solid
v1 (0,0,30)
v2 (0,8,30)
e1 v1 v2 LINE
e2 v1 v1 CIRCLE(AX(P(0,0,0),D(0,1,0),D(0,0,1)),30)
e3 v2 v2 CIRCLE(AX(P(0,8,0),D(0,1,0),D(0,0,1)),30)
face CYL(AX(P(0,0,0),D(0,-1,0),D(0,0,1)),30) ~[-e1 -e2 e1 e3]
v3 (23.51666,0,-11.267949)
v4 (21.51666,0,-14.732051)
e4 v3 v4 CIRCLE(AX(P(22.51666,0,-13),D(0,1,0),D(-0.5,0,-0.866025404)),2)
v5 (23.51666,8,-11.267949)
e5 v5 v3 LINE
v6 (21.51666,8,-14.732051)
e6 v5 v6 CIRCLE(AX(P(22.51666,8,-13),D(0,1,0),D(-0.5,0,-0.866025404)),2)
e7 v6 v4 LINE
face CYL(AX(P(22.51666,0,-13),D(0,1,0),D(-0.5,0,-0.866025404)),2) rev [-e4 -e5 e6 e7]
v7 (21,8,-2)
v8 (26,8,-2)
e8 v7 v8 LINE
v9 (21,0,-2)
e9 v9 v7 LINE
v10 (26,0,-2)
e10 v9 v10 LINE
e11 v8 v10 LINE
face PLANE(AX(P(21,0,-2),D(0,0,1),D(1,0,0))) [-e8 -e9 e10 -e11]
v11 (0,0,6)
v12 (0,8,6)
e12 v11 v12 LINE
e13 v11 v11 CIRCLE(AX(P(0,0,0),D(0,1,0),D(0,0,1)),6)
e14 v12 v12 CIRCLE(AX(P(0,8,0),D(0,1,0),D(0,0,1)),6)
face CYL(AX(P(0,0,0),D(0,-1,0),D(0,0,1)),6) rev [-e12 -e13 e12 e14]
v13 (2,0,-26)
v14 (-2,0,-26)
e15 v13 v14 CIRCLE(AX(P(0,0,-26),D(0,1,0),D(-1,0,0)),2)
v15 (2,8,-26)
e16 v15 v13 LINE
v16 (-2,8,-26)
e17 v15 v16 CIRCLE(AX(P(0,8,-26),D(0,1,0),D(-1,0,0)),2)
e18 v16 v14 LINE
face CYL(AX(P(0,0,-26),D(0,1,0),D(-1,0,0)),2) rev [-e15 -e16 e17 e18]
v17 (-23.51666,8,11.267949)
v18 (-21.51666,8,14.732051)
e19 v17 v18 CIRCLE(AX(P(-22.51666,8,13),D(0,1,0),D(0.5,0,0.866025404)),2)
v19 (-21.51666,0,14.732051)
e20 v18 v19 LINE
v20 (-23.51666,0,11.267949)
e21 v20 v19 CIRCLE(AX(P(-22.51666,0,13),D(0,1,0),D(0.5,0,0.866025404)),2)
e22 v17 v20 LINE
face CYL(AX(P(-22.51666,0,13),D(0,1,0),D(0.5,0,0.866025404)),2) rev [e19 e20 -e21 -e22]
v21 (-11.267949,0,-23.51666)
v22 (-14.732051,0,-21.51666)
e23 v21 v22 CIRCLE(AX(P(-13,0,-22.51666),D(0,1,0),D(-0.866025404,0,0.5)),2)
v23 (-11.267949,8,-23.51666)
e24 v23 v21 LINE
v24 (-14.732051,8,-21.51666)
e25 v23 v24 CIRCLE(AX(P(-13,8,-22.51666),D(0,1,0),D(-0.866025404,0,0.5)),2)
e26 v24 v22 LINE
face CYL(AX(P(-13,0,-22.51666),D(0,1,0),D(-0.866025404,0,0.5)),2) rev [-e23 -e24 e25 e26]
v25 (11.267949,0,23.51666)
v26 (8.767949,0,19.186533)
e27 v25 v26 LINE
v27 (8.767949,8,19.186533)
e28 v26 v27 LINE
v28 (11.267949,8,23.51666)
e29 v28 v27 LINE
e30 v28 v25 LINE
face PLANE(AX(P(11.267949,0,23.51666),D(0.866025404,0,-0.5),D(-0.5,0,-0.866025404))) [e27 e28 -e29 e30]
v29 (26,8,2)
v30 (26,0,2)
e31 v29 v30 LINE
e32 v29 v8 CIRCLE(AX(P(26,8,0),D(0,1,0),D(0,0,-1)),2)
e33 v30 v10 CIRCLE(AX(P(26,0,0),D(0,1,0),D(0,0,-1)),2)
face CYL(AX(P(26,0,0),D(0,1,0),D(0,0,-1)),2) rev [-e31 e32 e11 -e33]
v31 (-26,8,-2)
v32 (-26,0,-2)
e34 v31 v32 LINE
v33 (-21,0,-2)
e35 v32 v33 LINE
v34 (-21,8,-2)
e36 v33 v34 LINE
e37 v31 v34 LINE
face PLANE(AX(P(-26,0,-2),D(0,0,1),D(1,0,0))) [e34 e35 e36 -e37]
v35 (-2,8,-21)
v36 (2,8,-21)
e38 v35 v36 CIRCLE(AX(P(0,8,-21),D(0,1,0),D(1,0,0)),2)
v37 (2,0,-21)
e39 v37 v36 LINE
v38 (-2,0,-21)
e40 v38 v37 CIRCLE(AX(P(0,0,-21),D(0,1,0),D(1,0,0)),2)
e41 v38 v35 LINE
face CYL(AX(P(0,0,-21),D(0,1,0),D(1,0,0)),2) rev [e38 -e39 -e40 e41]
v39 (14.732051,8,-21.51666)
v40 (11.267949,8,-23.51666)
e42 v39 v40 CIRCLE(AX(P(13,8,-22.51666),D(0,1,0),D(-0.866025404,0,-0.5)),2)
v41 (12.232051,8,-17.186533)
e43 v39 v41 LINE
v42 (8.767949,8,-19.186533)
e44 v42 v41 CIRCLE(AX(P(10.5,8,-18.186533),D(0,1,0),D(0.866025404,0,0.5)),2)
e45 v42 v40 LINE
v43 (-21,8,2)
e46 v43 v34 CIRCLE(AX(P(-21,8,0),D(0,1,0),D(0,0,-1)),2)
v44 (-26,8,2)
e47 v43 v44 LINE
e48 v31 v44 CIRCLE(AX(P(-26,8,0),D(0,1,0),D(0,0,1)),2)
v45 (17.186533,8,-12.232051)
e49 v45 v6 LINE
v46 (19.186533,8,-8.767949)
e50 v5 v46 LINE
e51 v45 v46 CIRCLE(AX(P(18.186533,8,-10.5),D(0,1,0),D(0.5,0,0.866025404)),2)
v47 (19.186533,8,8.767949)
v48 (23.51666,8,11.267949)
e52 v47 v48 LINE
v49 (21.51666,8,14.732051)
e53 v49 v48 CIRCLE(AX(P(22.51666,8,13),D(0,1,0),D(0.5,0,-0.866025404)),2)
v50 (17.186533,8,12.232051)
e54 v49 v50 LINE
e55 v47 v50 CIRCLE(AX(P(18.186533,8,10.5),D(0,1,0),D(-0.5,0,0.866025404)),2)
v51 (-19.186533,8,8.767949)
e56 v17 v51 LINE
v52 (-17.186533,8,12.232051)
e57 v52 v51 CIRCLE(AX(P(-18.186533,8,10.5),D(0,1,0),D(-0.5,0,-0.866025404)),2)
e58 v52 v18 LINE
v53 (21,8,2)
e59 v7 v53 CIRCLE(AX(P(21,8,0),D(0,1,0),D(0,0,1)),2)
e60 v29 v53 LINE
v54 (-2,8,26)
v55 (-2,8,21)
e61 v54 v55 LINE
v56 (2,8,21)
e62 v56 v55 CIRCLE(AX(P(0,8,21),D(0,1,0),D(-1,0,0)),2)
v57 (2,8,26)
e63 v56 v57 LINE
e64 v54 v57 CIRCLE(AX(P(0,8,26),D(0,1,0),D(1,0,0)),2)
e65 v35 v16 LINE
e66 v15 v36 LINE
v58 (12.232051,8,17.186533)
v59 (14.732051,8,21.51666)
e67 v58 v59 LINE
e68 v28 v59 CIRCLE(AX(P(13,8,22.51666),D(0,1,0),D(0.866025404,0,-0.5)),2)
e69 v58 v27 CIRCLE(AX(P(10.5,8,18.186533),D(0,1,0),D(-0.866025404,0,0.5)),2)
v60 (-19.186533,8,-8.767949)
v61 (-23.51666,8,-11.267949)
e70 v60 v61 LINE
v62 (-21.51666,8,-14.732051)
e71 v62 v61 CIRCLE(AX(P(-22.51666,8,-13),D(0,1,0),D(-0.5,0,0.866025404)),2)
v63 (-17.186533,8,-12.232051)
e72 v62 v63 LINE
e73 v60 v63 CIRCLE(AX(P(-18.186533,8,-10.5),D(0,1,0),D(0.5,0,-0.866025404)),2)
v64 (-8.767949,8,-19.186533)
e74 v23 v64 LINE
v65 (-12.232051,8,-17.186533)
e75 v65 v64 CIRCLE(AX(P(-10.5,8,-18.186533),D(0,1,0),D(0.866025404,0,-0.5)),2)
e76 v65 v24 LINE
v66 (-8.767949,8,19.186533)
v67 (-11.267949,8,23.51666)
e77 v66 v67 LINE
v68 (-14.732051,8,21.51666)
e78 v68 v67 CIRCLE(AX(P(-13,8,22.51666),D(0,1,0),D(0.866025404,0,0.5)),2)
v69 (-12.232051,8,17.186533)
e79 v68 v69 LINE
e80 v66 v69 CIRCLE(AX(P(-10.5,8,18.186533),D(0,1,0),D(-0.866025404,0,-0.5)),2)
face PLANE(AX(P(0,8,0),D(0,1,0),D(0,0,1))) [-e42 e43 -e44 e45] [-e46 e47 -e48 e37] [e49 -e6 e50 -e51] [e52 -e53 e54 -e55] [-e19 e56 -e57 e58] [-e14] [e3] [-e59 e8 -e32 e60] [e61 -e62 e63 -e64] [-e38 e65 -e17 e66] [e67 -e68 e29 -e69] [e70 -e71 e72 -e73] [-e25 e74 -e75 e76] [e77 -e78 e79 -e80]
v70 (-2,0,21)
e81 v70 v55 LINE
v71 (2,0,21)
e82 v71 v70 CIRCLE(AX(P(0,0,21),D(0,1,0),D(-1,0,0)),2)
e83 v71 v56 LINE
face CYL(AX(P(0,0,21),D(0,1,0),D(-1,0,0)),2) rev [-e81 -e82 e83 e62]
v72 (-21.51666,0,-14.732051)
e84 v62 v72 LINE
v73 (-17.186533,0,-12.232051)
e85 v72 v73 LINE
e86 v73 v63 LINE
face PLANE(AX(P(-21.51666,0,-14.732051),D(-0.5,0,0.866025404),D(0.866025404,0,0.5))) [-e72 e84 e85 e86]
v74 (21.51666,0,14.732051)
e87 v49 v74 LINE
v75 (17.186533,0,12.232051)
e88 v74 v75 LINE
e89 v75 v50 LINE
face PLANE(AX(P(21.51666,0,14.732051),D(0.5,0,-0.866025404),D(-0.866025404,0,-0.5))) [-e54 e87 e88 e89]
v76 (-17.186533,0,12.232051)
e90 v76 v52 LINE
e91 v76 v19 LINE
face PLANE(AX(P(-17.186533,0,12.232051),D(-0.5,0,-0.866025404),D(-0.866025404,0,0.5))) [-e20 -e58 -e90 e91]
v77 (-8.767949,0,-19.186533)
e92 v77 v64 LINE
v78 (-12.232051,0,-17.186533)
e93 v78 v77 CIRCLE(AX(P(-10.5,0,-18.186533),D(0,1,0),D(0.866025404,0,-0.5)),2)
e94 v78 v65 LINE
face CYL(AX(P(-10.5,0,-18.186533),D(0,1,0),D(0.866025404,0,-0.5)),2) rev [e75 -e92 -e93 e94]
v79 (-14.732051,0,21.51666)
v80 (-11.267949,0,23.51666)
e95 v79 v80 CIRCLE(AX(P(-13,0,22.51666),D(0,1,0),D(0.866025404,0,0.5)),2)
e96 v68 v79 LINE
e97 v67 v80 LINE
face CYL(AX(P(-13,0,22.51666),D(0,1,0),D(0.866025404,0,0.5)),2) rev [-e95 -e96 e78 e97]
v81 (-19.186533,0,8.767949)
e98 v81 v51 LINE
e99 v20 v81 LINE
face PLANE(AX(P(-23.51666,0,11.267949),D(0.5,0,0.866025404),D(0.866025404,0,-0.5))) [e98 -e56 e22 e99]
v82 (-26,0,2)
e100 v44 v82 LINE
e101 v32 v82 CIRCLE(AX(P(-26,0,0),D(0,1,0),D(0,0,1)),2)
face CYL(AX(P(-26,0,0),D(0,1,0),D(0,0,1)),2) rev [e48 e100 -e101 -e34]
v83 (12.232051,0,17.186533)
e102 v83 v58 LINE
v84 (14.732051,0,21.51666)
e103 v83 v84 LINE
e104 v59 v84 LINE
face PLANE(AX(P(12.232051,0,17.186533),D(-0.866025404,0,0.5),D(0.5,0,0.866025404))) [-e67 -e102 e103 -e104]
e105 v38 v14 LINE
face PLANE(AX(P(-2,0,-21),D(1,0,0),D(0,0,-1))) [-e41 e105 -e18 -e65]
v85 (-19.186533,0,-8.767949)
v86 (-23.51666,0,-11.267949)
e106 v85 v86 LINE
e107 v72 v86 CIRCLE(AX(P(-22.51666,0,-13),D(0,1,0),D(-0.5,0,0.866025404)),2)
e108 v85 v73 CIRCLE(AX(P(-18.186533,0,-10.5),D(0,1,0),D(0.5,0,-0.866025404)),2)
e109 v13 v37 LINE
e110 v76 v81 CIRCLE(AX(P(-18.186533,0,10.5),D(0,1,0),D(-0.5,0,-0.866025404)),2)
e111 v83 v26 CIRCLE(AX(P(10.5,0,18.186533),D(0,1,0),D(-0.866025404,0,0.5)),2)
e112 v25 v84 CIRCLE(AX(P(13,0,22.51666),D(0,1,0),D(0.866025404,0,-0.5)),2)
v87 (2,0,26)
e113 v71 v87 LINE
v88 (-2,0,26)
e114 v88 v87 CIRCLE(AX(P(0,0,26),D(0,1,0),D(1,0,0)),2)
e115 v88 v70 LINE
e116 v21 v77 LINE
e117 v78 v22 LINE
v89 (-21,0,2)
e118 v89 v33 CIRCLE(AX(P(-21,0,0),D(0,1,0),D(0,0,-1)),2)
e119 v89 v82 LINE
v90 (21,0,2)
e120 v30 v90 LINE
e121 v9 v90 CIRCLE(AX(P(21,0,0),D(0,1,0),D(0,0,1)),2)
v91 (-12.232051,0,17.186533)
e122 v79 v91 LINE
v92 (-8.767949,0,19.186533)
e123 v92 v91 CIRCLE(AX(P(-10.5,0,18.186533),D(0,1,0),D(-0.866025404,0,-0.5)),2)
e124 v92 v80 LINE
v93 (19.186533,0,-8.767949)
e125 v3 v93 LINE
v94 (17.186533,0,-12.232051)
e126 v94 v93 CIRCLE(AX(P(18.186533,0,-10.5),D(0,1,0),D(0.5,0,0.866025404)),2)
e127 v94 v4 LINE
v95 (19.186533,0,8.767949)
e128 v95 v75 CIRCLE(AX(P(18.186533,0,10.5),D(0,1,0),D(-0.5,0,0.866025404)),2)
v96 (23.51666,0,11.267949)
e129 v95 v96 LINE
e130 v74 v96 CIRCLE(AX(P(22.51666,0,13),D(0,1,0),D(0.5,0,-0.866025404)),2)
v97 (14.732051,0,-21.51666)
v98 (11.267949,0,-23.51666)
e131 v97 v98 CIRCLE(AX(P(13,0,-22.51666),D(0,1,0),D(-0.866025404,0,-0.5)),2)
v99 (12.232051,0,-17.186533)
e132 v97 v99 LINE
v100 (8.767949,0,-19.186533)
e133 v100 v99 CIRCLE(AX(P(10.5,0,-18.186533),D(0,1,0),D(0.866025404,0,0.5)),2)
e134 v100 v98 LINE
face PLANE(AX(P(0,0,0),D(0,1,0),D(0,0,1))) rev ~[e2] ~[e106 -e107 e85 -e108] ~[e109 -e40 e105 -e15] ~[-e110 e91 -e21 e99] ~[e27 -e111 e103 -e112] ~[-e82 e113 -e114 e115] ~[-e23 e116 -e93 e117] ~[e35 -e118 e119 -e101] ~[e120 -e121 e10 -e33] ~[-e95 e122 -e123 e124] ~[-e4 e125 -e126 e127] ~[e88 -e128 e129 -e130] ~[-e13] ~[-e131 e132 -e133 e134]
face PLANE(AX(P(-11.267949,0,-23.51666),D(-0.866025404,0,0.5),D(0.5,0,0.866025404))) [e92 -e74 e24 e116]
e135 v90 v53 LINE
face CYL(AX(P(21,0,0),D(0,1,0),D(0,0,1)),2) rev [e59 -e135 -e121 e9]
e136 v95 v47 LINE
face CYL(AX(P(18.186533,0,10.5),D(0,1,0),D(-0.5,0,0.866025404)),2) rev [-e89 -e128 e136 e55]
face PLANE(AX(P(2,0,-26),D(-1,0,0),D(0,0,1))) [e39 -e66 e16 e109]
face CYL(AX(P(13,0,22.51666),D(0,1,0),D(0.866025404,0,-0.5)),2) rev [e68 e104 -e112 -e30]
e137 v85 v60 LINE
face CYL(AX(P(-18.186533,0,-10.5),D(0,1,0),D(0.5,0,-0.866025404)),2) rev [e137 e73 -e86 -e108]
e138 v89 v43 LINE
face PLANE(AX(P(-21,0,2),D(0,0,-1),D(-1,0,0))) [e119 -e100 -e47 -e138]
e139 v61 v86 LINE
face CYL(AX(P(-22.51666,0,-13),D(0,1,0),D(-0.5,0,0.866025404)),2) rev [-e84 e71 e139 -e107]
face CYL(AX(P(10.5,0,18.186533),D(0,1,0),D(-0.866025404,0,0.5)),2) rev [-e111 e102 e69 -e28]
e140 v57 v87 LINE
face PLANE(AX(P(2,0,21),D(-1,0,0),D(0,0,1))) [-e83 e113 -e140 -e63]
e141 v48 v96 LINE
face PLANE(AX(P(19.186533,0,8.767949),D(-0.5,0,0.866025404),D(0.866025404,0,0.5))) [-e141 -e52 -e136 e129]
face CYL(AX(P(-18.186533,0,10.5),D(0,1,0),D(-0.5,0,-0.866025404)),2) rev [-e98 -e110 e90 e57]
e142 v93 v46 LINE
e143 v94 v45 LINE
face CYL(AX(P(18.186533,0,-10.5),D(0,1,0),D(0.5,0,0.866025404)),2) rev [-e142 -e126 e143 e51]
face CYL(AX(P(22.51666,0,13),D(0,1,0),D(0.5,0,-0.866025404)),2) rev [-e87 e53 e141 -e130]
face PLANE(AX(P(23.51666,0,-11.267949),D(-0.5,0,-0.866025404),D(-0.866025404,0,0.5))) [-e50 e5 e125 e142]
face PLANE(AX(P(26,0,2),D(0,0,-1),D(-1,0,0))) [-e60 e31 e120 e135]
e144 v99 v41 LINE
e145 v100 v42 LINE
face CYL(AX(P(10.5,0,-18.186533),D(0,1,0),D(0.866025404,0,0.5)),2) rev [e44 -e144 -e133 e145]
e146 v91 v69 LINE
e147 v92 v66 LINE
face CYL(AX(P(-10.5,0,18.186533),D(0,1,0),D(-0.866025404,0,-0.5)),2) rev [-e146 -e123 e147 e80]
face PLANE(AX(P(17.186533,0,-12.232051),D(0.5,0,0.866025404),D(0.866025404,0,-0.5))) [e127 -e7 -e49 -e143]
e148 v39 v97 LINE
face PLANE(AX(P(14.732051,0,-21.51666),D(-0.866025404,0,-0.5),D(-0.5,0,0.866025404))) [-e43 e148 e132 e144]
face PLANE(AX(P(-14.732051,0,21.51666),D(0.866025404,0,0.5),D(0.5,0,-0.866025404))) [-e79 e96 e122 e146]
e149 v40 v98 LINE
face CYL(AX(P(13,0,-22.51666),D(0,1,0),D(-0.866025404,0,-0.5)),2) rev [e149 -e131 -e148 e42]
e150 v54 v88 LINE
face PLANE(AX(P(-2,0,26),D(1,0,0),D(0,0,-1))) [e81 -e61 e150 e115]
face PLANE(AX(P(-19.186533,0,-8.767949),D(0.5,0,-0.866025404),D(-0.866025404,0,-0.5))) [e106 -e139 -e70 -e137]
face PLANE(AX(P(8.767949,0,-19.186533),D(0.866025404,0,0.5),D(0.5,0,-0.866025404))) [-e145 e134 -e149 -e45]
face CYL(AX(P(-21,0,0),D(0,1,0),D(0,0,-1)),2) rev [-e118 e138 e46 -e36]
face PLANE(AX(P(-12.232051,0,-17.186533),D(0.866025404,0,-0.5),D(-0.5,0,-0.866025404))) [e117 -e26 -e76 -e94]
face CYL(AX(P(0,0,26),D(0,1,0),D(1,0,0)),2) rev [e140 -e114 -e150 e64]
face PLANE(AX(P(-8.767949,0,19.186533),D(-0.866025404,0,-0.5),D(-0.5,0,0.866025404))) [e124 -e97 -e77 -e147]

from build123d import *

# Parameters (mm, degrees)
SKETCH_1_R               = 30
SKETCH_1_R_2             = 6
EXTRUDE_1_DEPTH          = 8
CUT_EXTRUDE_1_DEPTH      = 61
PATTERN_CIRCULAR_1_COUNT = 12


with BuildPart() as part:
    # 草图1 → 凸台-拉伸1 (new body)
    with BuildSketch(Plane(origin=(0, 0, 0), x_dir=(1, 0, 0), z_dir=(0, 1, 0))):
        Circle(SKETCH_1_R)
        Circle(SKETCH_1_R_2, mode=Mode.SUBTRACT)
    extrude(amount=EXTRUDE_1_DEPTH)

    # 草图2 → 切除-拉伸1 (cut, symmetric)
    with BuildSketch(Plane(origin=(0, 0, 0), x_dir=(1, 0, 0), z_dir=(0, 1, 0))):
        with BuildLine():
            Line((21, 2), (26, 2))
            ThreePointArc((26, 2), (28, 0), (26, -2))
            Line((26, -2), (21, -2))
            ThreePointArc((21, -2), (19, 0), (21, 2))
        make_face()
    cut_extrude_1 = extrude(amount=CUT_EXTRUDE_1_DEPTH, both=True, mode=Mode.SUBTRACT)

    # 阵列(圆周)1: 切除-拉伸1 ×12 about axis
    pattern_circular_1_axis = Axis((0, -0.4, 0), (0, 1, 0))
    for i in range(1, PATTERN_CIRCULAR_1_COUNT):
        add(cut_extrude_1.rotate(pattern_circular_1_axis, i * 360 / PATTERN_CIRCULAR_1_COUNT), mode=Mode.SUBTRACT)


solid = part.part
